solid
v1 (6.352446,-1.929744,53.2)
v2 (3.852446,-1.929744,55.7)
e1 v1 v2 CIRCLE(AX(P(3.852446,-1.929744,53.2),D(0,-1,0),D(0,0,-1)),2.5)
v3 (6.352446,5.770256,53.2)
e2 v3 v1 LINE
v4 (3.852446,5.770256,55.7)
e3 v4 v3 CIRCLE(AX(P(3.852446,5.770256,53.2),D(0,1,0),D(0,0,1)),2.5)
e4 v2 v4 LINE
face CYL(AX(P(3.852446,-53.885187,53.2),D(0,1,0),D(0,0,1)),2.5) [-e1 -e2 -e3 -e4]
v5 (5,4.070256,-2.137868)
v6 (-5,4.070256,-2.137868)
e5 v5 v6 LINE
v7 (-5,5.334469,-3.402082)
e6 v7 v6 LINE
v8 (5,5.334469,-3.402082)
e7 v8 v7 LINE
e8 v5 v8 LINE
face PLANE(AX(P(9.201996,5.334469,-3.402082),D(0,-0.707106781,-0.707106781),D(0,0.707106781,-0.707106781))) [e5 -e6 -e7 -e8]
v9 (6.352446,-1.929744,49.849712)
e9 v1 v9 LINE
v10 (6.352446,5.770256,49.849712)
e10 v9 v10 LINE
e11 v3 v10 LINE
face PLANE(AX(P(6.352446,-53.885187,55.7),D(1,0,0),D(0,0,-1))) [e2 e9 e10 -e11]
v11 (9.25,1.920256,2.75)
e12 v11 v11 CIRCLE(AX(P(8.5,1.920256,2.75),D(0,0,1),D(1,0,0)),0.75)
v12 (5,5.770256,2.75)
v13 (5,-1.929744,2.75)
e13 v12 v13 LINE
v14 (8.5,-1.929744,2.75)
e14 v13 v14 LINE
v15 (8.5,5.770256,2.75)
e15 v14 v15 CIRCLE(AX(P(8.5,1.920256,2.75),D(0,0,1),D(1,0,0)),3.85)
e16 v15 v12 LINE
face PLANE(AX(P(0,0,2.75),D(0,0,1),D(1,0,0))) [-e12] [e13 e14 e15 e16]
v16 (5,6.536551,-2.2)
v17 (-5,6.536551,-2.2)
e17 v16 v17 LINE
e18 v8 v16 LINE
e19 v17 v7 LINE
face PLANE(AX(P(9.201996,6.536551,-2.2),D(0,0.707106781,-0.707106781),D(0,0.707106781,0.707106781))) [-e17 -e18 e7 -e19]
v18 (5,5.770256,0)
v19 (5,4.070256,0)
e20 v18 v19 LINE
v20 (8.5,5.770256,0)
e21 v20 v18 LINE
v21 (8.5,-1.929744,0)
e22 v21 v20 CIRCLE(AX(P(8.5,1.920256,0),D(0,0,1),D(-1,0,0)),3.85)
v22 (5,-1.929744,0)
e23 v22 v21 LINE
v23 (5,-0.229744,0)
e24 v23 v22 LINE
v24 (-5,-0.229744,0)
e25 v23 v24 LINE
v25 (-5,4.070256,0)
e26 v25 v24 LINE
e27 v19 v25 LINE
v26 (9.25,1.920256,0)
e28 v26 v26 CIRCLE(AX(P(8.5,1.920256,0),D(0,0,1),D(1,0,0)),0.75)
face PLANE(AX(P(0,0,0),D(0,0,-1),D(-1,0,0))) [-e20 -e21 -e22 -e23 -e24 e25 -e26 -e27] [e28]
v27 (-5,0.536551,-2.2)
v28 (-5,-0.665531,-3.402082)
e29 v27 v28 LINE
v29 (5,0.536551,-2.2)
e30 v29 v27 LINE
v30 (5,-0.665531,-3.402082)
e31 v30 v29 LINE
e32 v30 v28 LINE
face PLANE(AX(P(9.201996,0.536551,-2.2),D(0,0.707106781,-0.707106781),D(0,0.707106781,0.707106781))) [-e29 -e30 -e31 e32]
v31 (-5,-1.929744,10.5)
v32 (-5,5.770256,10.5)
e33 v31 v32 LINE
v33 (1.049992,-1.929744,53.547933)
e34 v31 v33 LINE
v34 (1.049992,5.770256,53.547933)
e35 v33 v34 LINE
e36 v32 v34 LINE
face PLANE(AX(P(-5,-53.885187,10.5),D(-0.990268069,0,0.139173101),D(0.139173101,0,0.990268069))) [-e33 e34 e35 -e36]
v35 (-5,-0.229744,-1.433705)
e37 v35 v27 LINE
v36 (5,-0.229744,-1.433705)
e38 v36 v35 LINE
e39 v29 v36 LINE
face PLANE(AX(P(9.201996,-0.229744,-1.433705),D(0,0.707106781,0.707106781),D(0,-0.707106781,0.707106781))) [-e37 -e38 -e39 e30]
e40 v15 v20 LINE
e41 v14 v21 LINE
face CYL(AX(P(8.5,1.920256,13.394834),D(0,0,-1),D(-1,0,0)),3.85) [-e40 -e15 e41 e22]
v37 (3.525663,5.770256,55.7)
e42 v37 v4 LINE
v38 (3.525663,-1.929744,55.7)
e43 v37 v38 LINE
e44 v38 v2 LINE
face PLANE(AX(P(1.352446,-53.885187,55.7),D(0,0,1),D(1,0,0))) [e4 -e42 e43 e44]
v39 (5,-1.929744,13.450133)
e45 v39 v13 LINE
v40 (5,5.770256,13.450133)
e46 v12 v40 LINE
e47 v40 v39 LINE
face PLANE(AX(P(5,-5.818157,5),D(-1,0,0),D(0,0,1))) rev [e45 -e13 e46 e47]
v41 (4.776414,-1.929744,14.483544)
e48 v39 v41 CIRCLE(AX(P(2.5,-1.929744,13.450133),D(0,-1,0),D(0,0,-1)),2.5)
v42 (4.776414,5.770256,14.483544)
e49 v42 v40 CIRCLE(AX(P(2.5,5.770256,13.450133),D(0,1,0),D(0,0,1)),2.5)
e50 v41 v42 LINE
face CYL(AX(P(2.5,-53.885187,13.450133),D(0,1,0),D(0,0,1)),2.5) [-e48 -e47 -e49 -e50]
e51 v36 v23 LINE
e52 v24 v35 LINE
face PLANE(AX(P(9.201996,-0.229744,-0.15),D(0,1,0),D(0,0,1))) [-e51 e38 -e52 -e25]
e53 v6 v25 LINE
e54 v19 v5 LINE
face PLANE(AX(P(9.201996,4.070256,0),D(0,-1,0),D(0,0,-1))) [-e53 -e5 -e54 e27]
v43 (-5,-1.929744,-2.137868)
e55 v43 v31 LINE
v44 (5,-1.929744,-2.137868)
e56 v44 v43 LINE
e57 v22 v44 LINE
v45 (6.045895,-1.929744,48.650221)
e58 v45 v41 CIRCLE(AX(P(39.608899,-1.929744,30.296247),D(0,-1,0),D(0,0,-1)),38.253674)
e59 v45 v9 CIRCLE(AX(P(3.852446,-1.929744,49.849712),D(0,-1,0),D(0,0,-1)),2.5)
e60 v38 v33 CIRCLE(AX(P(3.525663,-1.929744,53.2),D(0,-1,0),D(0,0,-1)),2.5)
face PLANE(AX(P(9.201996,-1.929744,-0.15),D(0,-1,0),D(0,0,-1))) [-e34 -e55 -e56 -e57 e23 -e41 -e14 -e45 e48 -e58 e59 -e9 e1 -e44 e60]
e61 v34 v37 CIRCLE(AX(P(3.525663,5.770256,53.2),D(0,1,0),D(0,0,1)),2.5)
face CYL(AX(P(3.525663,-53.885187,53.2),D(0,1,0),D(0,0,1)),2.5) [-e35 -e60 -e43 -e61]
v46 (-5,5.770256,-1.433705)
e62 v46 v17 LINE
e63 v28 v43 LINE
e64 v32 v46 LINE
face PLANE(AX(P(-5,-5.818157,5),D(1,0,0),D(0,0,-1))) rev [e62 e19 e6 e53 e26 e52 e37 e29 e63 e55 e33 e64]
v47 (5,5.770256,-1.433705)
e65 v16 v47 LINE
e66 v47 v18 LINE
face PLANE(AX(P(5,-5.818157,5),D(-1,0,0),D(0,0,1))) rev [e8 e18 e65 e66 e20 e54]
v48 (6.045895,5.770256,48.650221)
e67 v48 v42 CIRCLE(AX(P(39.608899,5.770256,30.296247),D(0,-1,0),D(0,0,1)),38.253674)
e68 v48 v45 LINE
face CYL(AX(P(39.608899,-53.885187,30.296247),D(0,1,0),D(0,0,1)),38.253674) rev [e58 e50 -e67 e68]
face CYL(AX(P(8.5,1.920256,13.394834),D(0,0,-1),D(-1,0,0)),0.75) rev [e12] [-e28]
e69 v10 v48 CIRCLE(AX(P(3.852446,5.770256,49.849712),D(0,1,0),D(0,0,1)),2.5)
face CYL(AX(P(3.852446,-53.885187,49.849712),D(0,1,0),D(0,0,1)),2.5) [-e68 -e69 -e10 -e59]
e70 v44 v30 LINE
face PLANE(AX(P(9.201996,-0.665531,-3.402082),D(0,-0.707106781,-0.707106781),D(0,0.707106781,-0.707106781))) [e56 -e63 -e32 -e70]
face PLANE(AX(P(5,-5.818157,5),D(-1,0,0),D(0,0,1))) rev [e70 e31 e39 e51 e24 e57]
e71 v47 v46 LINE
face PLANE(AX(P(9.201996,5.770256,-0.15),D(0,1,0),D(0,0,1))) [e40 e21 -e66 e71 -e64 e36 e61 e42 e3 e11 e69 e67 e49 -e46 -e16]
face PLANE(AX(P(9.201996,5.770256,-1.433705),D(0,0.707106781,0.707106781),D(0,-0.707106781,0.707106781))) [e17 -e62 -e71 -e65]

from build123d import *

# Parameters (mm, degrees)
SKETCH2_W           = 10
SKETCH2_H           = 14.768412439
BOSS_EXTRUDE1_DEPTH = 5
BOSS_EXTRUDE4_DEPTH = 10
SKETCH9_W           = 10
SKETCH9_H           = 3.18
SKETCH9_H_2         = 3.888412439
CUT_EXTRUDE3_DEPTH  = 5
BOSS_EXTRUDE5_DEPTH = 7.7
SKETCH12_R          = 0.75
BOSS_EXTRUDE7_DEPTH = 2.75
FILLET1_R           = 2.5


with BuildPart() as part:
    # Sketch2 → Boss-Extrude1 (new body)
    with BuildSketch(Plane.XY):
        with Locations((0, 1.566049366)):
            Rectangle(SKETCH2_W, SKETCH2_H)
    extrude(amount=BOSS_EXTRUDE1_DEPTH)

    # Sketch8 → Boss-Extrude4 (add)
    with BuildSketch(Plane.ZY.offset(5)):
        Polygon((-0.15, 5.770255585), (0, 5.770255585), (0, 4.070255585), (-0.15, 4.070255585), (-2.137867966, 4.070255585), (-3.402081528, 5.334469147), (-2.2, 6.536550675), (-1.43370491, 5.770255585), align=None)
        Polygon((-0.15, -1.929744415), (0, -1.929744415), (0, -0.229744415), (-0.15, -0.229744415), (-1.43370491, -0.229744415), (-2.2, 0.536550675), (-3.402081528, -0.665530853), (-2.137867966, -1.929744415), align=None)
    extrude(amount=-BOSS_EXTRUDE4_DEPTH)

    # Sketch9 → Cut-Extrude3 (cut)
    with BuildSketch(Plane(origin=(0, 0, 0), x_dir=(-1, 0, 0), z_dir=(0, 0, -1))):
        with Locations((0, 7.360255585)):
            Rectangle(SKETCH9_W, SKETCH9_H)
        with Locations((0, -3.873950635)):
            Rectangle(SKETCH9_W, SKETCH9_H_2)
    extrude(amount=-CUT_EXTRUDE3_DEPTH, mode=Mode.SUBTRACT)

    # Sketch10 → Boss-Extrude5 (add)
    with BuildSketch(Plane(origin=(0, 5.770255585, 0), x_dir=(1, 0, 0), z_dir=(0, 1, 0))):
        with BuildLine():
            Line((-5, -5), (-5, -10.5))
            Line((-5, -10.5), (1.352445729, -55.7))
            Line((1.352445729, -55.7), (6.352445729, -55.7))
            Line((6.352445729, -55.7), (6.352445729, -49.2))
            ThreePointArc((6.352445729, -49.2), (1.383429579, -31.764936646), (5, -14))
            Line((5, -14), (5, -5))
            Line((5, -5), (-5, -5))
        make_face()
    extrude(amount=-BOSS_EXTRUDE5_DEPTH)

    # Sketch12 → Boss-Extrude7 (add)
    with BuildSketch(Plane.XY):
        with BuildLine():
            Line((5, 5.770255585), (8.5, 5.770255585))
            ThreePointArc((8.5, 5.770255585), (12.35, 1.920255585), (8.5, -1.929744415))
            Line((8.5, -1.929744415), (5, -1.929744415))
            Line((5, -1.929744415), (5, 5.770255585))
        make_face()
        with Locations((8.5, 1.920255585)):
            Circle(SKETCH12_R, mode=Mode.SUBTRACT)
    extrude(amount=BOSS_EXTRUDE7_DEPTH)

    # Fillet1
    fillet1_edges = [part.edges().sort_by_distance(p)[0] for p in [
        (6.352445729, 1.920255585, 49.2),
        (5, 1.920255585, 14),
        (1.352445729, 1.920255585, 55.7),
        (6.352445729, 1.920255585, 55.7),
    ]]
    fillet(fillet1_edges, radius=FILLET1_R)


solid = part.part
